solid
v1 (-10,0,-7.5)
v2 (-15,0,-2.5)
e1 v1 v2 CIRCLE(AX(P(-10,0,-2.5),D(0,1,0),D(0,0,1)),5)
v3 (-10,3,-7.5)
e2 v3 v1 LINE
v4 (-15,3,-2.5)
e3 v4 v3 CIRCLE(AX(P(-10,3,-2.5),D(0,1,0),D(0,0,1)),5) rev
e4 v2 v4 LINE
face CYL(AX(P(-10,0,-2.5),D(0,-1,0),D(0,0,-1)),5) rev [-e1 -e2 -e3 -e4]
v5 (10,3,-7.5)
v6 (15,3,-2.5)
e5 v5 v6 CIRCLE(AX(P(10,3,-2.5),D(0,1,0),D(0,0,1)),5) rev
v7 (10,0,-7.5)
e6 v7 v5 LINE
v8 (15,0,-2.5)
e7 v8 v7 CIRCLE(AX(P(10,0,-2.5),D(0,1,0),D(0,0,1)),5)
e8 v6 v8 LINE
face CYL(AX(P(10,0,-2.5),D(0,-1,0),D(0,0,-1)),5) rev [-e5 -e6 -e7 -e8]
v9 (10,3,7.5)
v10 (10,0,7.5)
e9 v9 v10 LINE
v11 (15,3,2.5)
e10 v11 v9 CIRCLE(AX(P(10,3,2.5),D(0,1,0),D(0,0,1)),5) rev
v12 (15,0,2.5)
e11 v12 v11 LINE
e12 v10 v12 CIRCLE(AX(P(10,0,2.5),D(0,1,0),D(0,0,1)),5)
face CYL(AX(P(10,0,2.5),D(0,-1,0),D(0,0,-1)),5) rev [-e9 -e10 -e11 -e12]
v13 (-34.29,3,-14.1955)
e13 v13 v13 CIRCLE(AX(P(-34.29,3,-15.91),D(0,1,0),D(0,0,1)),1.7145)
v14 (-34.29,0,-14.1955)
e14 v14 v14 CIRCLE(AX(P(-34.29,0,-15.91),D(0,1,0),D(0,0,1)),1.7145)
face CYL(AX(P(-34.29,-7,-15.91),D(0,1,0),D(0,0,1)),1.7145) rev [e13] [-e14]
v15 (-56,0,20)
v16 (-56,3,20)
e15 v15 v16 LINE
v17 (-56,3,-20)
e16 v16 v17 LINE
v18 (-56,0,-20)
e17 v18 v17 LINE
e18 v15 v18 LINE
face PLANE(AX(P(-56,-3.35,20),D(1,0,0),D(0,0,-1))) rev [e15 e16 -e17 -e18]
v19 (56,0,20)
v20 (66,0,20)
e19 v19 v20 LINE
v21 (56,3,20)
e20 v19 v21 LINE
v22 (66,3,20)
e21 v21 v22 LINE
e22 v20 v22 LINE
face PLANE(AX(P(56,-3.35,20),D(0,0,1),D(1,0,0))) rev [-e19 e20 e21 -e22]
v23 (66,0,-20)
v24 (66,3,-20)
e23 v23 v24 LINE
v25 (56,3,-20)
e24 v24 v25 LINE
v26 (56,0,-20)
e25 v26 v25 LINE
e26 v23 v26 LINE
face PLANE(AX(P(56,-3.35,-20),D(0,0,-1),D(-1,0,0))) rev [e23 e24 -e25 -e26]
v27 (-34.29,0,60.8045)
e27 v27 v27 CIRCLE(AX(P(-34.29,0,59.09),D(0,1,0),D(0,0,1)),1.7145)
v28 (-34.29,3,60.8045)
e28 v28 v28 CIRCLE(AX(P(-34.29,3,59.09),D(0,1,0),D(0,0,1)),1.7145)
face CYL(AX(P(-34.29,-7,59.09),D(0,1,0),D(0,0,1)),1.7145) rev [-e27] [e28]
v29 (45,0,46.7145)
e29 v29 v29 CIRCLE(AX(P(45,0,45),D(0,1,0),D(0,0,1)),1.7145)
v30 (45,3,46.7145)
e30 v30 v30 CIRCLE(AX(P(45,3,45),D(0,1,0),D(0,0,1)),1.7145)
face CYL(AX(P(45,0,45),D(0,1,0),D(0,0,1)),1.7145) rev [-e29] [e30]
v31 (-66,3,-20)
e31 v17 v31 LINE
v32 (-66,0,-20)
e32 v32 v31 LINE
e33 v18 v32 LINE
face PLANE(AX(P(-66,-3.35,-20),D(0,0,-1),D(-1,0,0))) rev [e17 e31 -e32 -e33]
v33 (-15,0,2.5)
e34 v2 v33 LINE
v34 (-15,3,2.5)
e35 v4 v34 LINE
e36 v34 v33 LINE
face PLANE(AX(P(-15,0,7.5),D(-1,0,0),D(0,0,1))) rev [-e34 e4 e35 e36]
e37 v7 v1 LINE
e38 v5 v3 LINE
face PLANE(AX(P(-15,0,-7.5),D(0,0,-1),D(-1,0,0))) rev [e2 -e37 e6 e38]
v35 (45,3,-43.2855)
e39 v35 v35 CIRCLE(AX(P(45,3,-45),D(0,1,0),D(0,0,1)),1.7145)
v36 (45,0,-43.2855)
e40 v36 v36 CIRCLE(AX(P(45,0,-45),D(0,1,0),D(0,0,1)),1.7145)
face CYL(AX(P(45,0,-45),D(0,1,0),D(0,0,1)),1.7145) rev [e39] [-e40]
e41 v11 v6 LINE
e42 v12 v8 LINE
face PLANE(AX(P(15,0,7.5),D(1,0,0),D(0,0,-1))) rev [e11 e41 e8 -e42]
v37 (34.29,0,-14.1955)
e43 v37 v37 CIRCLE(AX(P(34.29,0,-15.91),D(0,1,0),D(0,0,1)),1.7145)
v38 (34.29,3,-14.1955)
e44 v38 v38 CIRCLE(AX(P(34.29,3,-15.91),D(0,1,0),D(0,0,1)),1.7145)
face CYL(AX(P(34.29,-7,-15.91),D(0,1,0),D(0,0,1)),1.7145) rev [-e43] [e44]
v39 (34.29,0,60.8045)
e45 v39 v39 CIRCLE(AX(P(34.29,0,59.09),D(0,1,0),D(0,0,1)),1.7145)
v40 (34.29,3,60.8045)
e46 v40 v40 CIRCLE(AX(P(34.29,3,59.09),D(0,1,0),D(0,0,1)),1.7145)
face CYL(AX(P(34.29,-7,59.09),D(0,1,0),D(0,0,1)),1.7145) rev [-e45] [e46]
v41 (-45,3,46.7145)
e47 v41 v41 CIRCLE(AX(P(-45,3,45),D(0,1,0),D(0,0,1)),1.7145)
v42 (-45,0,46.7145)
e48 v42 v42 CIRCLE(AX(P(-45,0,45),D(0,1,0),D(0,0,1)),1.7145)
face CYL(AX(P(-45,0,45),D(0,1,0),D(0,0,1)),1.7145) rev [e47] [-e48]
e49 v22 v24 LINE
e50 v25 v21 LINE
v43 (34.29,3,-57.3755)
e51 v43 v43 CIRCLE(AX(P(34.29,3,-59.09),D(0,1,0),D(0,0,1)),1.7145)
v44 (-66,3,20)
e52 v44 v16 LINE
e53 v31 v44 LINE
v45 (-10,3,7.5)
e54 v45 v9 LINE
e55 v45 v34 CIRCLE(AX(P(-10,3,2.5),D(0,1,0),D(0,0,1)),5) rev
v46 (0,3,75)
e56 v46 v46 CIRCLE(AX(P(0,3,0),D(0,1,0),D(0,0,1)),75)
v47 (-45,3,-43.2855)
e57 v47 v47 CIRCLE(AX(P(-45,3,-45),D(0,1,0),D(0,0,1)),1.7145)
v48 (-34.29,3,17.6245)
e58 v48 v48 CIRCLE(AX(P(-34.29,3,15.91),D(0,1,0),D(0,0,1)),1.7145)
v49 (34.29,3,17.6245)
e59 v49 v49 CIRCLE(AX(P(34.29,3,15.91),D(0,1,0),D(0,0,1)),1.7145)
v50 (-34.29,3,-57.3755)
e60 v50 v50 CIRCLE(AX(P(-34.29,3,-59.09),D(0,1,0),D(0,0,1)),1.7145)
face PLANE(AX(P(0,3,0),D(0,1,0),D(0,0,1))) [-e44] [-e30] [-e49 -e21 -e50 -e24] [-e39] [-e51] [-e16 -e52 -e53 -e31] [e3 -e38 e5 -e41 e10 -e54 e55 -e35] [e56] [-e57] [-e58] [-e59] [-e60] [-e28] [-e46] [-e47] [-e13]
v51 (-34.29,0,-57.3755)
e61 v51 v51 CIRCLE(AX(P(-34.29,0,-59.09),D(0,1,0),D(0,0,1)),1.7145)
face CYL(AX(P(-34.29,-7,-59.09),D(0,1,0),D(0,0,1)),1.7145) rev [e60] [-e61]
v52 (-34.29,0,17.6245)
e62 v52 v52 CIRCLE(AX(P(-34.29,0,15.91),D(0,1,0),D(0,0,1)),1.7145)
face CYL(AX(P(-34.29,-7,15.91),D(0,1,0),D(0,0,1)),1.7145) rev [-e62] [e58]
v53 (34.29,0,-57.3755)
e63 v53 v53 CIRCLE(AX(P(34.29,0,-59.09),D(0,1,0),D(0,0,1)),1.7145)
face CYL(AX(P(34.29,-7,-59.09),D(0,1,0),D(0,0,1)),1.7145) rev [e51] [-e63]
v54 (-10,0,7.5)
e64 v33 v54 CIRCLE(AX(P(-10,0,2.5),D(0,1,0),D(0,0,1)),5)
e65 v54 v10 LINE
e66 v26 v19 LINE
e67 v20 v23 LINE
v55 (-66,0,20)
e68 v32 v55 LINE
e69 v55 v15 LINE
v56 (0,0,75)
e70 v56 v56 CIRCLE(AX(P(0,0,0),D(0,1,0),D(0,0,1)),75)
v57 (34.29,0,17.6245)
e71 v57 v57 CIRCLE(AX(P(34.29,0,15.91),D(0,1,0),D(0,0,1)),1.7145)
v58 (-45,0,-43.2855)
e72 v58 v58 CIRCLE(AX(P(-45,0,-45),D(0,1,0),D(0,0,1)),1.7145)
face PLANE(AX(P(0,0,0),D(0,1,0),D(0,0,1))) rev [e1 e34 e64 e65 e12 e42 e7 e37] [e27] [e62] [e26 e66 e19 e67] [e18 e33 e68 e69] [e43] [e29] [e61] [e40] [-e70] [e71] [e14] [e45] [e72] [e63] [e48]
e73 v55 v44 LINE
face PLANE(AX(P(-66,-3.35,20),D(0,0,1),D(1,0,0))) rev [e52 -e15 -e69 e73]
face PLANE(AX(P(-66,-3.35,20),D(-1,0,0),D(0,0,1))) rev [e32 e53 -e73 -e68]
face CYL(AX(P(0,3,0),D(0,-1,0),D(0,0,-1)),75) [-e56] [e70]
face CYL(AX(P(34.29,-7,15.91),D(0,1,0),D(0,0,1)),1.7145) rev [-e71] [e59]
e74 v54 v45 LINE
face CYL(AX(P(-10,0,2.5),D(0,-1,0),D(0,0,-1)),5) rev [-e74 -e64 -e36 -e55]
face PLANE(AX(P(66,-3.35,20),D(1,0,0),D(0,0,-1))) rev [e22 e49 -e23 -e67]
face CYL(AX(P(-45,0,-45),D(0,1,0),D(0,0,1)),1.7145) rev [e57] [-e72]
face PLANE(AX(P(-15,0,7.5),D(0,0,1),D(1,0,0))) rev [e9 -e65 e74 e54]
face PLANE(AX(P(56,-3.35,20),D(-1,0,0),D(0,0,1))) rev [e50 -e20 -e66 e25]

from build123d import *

# Parameters (mm, degrees)
SKETCH1_R           = 75
BOSS_EXTRUDE1_DEPTH = 3
SKETCH2_W           = 10
SKETCH2_H           = 40
CUT_EXTRUDE1_DEPTH  = 6.35
SKETCH8_R           = 1.7145
CUT_EXTRUDE7_DEPTH  = 4
SKETCH9_W           = 30
SKETCH9_H           = 15
CUT_EXTRUDE8_DEPTH  = 4
FILLET1_R           = 5
SKETCH10_R          = 1.7145
CUT_EXTRUDE9_DEPTH  = 10


with BuildPart() as part:
    # Sketch1 → Boss-Extrude1 (new body)
    with BuildSketch(Plane(origin=(0, 0, 0), x_dir=(1, 0, 0), z_dir=(0, 1, 0))):
        Circle(SKETCH1_R)
    extrude(amount=BOSS_EXTRUDE1_DEPTH)

    # Sketch2 → Cut-Extrude1 (cut)
    with BuildSketch(Plane(origin=(0, 3, 0), x_dir=(1, 0, 0), z_dir=(0, 1, 0))):
        with Locations((-61, 0)):
            Rectangle(SKETCH2_W, SKETCH2_H)
        with Locations((61, 0)):
            Rectangle(SKETCH2_W, SKETCH2_H)
    extrude(amount=-CUT_EXTRUDE1_DEPTH, mode=Mode.SUBTRACT)

    # Sketch8 → Cut-Extrude7 (cut, through all)
    with BuildSketch(Plane(origin=(0, 3, 0), x_dir=(1, 0, 0), z_dir=(0, 1, 0))):
        with Locations((-45, 45)):
            Circle(SKETCH8_R)
        with Locations((45, 45)):
            Circle(SKETCH8_R)
        with Locations((45, -45)):
            Circle(SKETCH8_R)
        with Locations((-45, -45)):
            Circle(SKETCH8_R)
    extrude(amount=-CUT_EXTRUDE7_DEPTH, mode=Mode.SUBTRACT)

    # Sketch9 → Cut-Extrude8 (cut, through all)
    with BuildSketch(Plane(origin=(0, 3, 0), x_dir=(1, 0, 0), z_dir=(0, 1, 0))):
        Rectangle(SKETCH9_W, SKETCH9_H)
    extrude(amount=-CUT_EXTRUDE8_DEPTH, mode=Mode.SUBTRACT)

    # Fillet1
    fillet1_edges = [part.edges().sort_by_distance(p)[0] for p in [
        (15, 1.5, -7.5),
        (15, 1.5, 7.5),
        (-15, 1.5, 7.5),
        (-15, 1.5, -7.5),
    ]]
    fillet(fillet1_edges, radius=FILLET1_R)

    # Sketch10 → Cut-Extrude9 (cut)
    with BuildSketch(Plane(origin=(0, 3, 0), x_dir=(1, 0, 0), z_dir=(0, 1, 0))):
        with Locations((34.29, 59.09)):
            Circle(SKETCH10_R)
        with Locations((34.29, 15.91)):
            Circle(SKETCH10_R)
        with Locations((-34.29, 15.91)):
            Circle(SKETCH10_R)
        with Locations((-34.29, 59.09)):
            Circle(SKETCH10_R)
        with Locations((-34.29, -15.91)):
            Circle(SKETCH10_R)
        with Locations((-34.29, -59.09)):
            Circle(SKETCH10_R)
        with Locations((34.29, -59.09)):
            Circle(SKETCH10_R)
        with Locations((34.29, -15.91)):
            Circle(SKETCH10_R)
    extrude(amount=-CUT_EXTRUDE9_DEPTH, mode=Mode.SUBTRACT)


solid = part.part
